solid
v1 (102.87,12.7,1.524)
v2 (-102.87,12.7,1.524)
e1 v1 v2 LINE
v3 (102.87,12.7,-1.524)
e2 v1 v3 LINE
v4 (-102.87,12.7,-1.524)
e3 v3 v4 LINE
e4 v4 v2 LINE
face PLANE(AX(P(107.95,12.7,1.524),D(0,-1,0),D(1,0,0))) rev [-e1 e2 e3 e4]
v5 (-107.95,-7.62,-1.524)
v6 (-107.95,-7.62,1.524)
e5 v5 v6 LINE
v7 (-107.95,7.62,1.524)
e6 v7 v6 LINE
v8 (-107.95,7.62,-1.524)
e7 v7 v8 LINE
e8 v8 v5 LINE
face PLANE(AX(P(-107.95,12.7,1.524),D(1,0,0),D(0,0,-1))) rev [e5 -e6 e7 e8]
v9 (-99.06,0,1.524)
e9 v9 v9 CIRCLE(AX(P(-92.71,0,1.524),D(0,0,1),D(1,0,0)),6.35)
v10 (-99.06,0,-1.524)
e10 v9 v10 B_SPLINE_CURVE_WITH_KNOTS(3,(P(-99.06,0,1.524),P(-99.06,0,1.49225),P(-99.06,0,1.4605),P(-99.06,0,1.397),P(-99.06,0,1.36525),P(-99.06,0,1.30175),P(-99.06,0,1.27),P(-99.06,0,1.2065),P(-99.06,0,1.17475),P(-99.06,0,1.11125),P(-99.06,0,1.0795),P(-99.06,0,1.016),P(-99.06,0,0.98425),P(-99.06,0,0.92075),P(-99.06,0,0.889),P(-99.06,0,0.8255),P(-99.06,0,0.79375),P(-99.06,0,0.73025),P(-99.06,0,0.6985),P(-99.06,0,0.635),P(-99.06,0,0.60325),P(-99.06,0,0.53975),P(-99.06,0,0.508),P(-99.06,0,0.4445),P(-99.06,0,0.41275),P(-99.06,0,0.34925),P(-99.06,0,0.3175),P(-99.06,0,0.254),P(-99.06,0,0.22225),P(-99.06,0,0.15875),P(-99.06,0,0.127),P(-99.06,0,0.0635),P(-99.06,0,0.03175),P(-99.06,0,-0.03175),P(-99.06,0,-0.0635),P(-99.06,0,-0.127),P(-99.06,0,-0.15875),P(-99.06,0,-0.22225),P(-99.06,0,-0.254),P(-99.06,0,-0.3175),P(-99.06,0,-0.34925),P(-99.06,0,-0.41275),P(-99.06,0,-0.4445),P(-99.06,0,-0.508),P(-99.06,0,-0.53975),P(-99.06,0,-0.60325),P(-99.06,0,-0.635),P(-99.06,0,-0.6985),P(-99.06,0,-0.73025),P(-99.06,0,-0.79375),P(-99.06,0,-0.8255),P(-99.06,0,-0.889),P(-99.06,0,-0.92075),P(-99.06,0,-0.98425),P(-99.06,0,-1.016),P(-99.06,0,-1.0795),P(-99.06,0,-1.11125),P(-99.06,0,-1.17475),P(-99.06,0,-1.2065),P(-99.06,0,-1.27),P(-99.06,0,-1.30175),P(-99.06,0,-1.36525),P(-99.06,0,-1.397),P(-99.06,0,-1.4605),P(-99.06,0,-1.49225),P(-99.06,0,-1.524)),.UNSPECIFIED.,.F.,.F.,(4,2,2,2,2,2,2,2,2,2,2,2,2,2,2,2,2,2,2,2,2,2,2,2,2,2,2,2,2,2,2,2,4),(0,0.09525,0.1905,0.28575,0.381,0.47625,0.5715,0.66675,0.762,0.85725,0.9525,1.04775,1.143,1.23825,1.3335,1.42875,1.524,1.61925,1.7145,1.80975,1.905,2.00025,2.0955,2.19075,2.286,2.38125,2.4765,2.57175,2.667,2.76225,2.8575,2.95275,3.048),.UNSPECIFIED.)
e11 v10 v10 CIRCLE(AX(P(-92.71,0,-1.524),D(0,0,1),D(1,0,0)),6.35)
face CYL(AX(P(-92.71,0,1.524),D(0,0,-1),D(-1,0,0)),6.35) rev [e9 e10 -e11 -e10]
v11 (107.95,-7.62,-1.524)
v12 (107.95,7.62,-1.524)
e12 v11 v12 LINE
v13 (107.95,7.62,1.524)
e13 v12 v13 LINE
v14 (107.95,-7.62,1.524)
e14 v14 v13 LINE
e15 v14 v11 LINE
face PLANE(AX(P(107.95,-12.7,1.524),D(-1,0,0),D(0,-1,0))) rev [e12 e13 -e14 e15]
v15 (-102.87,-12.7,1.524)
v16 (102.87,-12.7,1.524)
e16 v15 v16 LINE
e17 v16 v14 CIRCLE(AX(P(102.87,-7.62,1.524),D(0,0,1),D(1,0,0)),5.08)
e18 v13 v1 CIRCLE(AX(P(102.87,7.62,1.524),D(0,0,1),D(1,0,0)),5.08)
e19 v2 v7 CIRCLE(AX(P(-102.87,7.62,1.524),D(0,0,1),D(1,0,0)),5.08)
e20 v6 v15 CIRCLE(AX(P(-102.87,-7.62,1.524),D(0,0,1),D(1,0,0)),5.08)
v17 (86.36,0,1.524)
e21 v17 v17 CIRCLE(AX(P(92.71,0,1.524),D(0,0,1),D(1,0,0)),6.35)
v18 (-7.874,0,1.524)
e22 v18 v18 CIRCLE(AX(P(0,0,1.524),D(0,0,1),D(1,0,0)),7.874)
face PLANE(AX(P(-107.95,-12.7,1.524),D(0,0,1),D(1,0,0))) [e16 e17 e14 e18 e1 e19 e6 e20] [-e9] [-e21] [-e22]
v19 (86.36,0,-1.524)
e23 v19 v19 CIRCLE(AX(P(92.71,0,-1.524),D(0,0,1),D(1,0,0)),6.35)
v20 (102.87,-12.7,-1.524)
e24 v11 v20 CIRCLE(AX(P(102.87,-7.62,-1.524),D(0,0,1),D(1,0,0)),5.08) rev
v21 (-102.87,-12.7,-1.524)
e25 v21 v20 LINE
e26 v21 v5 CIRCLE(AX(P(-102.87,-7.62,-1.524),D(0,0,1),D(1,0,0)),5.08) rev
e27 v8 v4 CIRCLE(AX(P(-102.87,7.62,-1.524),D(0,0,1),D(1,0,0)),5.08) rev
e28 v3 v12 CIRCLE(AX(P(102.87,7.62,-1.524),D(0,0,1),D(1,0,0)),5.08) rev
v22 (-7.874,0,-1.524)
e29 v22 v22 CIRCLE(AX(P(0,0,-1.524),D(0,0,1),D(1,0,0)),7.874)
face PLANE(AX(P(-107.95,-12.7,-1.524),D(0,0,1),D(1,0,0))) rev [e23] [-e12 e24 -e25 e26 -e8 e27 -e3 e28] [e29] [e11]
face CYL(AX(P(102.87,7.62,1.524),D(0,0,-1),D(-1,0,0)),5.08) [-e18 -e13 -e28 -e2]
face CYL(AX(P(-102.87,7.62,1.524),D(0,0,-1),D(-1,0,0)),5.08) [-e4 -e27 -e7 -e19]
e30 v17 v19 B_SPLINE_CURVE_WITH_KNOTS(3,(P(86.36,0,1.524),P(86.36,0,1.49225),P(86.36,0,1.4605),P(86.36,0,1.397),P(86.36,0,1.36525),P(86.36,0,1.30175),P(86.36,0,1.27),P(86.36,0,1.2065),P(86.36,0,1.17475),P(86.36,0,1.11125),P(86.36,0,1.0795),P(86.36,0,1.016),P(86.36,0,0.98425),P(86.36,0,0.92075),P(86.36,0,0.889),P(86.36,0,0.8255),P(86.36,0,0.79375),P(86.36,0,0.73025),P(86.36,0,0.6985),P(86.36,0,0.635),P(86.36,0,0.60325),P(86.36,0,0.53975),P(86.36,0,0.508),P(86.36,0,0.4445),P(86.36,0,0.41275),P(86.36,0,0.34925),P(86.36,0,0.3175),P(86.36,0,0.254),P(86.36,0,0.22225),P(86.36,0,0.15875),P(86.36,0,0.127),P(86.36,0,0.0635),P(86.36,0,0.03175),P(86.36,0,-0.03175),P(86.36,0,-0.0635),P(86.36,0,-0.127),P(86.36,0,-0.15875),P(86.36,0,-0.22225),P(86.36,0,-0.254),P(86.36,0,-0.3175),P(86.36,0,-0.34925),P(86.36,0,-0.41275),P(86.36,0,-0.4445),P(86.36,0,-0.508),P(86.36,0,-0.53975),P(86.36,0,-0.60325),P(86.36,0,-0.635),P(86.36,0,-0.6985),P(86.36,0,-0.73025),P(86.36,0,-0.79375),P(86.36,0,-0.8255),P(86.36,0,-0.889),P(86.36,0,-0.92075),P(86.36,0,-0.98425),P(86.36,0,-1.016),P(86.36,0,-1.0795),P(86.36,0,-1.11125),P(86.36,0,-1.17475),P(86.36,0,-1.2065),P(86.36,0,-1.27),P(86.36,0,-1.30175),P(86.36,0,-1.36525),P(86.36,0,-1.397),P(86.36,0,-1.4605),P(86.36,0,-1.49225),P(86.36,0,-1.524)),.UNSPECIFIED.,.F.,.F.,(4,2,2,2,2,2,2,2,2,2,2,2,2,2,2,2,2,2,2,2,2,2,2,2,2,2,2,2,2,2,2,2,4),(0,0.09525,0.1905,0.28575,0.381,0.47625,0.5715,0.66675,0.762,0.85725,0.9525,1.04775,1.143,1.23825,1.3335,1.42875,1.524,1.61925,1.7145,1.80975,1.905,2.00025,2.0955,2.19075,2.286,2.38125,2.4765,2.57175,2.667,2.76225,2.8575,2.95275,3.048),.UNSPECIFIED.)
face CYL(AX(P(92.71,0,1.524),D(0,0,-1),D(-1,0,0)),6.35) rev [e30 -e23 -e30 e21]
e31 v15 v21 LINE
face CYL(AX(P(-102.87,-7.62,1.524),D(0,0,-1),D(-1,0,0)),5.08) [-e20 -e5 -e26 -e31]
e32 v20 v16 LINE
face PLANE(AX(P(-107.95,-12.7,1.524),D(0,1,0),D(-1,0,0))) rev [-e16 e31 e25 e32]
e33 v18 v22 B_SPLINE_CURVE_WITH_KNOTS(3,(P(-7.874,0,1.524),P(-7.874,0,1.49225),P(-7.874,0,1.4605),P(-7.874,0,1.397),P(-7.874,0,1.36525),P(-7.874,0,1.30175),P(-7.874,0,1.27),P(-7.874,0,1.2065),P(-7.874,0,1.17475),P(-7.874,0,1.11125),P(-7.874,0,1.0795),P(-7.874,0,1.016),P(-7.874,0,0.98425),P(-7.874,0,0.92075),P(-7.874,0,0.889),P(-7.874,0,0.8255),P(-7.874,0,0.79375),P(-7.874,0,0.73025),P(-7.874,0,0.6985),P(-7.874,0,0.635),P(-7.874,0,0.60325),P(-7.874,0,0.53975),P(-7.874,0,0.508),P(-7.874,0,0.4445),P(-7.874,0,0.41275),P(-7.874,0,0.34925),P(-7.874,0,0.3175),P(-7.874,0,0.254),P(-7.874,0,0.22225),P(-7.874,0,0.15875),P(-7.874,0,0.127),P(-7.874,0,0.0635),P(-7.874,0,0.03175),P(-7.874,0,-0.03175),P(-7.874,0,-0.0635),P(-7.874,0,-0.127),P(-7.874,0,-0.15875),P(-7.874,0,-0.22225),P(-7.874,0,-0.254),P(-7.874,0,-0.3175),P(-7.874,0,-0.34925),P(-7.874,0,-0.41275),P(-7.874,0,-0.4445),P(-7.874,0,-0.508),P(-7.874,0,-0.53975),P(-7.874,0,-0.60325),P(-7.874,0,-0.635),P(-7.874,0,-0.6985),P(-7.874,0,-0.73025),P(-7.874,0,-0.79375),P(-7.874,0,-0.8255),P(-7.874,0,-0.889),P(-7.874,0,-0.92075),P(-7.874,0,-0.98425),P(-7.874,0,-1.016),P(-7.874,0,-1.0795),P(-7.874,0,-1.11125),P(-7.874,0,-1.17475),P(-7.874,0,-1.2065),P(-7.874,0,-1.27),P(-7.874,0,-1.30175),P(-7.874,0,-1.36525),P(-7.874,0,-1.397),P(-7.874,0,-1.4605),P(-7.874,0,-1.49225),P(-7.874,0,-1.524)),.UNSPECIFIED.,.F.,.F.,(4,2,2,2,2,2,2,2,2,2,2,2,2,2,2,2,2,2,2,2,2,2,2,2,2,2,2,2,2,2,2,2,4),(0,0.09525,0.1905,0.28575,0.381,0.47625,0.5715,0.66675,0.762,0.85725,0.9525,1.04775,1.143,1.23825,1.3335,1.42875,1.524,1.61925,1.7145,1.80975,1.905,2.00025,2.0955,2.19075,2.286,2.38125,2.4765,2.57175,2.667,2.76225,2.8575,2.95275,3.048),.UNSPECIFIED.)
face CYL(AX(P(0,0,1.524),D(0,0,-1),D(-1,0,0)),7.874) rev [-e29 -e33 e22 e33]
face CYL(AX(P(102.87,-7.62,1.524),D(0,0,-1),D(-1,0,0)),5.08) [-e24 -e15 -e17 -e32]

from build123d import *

# Parameters (mm, degrees)
SKETCH1_W      = 215.9
SKETCH1_H      = 25.4
SKETCH1_R      = 6.35
SKETCH1_R_2    = 7.874
EXTRUDE1_DEPTH = 1.524
FILLET1_R      = 5.08


with BuildPart() as part:
    # Sketch1 → Extrude1 (new, symmetric)
    with BuildSketch(Plane.XY):
        Rectangle(SKETCH1_W, SKETCH1_H)
        with Locations(Location((92.71, 0, 0), (0, 0, 180))):
            Circle(SKETCH1_R, mode=Mode.SUBTRACT)
        with Locations(Location((0, 0, 0), (0, 0, 180))):
            Circle(SKETCH1_R_2, mode=Mode.SUBTRACT)
        with Locations(Location((-92.71, 0, 0), (0, 0, 180))):
            Circle(SKETCH1_R, mode=Mode.SUBTRACT)
    extrude(amount=EXTRUDE1_DEPTH, both=True)

    # Fillet1
    fillet1_edges = [part.edges().sort_by_distance(p)[0] for p in [
        (-107.95, 12.7, 0),
        (107.95, 12.7, 0),
        (107.95, -12.7, 0),
        (-107.95, -12.7, 0),
    ]]
    fillet(fillet1_edges, radius=FILLET1_R)


solid = part.part
